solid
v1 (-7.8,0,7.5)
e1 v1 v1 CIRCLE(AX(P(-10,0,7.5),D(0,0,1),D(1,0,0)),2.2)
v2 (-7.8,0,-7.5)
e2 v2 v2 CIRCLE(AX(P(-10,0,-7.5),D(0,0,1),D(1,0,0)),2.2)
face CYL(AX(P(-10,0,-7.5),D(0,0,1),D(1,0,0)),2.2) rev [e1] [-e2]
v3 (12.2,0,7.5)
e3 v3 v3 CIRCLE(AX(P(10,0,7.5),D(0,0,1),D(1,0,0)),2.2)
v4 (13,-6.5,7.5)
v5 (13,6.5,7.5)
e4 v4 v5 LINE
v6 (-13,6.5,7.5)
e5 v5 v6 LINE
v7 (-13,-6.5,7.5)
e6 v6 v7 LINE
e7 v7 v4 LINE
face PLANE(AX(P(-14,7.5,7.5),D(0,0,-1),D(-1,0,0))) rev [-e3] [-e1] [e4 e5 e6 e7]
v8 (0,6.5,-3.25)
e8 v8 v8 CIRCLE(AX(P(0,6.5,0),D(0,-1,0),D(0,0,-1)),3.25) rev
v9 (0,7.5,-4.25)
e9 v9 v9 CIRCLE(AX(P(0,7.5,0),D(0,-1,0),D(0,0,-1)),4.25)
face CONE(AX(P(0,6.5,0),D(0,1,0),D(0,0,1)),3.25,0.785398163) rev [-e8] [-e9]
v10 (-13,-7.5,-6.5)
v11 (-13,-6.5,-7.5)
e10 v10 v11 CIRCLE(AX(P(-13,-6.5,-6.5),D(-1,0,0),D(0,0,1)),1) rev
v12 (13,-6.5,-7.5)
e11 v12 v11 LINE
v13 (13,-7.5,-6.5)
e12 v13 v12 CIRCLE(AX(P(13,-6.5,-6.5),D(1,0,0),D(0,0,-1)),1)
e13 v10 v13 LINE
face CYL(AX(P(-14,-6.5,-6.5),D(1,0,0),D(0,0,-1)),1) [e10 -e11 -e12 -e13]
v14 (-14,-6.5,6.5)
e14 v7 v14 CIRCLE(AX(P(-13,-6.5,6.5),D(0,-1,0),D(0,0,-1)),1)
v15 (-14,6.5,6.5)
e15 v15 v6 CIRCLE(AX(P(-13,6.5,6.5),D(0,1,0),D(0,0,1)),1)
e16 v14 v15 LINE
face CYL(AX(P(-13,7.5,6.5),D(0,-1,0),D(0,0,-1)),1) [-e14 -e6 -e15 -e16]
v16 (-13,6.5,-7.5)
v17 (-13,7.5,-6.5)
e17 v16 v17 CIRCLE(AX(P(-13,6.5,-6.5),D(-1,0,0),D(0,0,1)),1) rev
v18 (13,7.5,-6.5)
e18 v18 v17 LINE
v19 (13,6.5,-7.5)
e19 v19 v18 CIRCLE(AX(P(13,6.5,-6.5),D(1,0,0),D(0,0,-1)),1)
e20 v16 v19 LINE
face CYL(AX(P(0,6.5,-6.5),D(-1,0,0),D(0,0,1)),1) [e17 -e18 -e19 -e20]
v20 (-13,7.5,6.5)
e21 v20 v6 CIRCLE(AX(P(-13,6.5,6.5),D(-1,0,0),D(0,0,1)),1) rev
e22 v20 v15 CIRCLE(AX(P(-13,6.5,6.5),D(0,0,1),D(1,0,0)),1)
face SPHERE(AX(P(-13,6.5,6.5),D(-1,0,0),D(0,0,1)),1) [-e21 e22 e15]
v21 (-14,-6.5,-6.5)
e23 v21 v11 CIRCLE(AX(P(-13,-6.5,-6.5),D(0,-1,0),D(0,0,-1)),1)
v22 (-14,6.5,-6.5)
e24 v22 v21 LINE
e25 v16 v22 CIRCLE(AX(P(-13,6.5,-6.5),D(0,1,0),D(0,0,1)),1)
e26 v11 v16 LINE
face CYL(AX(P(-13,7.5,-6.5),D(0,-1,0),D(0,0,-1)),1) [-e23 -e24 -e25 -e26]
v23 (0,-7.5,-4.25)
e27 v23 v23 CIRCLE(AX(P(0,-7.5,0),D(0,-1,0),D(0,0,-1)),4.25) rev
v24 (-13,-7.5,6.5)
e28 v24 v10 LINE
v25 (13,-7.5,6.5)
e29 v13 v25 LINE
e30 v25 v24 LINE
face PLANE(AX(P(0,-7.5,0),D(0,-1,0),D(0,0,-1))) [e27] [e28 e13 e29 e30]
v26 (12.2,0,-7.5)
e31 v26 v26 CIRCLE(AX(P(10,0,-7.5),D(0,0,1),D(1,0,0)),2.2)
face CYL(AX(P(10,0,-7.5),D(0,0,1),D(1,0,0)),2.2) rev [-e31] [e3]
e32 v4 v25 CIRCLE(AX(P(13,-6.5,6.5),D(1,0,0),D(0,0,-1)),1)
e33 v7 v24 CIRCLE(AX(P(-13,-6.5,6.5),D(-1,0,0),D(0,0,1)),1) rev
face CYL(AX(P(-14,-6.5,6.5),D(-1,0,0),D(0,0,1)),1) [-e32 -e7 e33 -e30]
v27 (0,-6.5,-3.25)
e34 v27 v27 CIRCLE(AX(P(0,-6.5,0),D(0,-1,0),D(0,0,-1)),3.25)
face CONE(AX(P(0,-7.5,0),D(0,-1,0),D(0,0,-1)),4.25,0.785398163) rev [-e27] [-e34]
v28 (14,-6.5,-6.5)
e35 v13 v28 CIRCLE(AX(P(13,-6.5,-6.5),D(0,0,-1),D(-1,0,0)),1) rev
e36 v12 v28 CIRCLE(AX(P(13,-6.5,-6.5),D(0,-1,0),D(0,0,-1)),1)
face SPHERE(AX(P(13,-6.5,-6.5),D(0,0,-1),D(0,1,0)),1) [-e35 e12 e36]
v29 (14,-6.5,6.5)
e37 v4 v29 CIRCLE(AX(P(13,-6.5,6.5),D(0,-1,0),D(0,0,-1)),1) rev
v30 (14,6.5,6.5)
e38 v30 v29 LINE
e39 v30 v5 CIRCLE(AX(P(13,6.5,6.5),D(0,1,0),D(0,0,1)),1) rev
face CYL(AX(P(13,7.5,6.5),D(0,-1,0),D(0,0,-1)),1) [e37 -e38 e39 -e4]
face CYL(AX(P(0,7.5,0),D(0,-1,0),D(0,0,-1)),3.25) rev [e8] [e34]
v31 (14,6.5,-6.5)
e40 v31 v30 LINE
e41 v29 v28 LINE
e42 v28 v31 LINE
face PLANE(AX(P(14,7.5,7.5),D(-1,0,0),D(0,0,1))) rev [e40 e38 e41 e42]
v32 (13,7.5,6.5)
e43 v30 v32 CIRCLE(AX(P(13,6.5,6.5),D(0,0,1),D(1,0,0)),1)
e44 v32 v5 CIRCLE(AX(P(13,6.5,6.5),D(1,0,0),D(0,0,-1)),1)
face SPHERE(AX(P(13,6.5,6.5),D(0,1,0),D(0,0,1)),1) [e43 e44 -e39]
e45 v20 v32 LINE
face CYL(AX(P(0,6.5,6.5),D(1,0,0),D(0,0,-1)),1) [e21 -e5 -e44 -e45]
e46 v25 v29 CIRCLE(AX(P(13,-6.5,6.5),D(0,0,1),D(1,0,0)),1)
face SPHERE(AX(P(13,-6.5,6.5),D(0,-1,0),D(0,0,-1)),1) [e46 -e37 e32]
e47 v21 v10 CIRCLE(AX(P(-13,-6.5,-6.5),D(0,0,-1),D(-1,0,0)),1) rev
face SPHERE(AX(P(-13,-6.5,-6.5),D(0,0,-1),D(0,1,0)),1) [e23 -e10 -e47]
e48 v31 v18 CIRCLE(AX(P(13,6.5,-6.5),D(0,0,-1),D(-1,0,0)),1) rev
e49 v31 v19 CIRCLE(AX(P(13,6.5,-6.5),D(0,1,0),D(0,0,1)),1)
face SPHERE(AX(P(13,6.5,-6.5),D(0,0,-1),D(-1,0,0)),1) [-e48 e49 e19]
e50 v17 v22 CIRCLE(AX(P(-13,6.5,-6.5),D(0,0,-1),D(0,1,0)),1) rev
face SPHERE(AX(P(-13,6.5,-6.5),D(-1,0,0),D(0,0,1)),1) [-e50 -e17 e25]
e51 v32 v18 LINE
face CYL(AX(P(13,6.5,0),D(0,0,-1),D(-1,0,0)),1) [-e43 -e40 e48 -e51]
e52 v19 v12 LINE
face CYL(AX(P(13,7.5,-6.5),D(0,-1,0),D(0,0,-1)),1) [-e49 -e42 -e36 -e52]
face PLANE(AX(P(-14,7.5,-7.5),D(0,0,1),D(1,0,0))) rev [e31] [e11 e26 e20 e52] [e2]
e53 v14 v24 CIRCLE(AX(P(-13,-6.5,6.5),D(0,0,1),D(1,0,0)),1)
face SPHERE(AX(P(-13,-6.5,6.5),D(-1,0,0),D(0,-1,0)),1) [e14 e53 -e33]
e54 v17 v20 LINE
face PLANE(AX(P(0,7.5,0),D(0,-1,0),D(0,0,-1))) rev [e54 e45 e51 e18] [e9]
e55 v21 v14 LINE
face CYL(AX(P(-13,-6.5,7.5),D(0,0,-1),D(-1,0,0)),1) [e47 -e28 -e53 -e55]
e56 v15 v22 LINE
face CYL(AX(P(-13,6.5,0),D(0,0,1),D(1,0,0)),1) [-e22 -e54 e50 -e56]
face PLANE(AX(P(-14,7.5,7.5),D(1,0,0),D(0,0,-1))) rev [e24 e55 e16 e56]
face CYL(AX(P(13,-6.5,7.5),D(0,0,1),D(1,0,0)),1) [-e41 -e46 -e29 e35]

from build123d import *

# Parameters (mm, degrees)
SKETCH_1_W          = 28
SKETCH_1_H          = 15
SKETCH_1_R          = 3.25
EXTRUDE_1_DEPTH     = 7.5
SKETCH_2_R          = 2.2
CUT_EXTRUDE_1_DEPTH = 15
FILLET_1_R          = 1
CHAMFER_1_SIZE      = 1


with BuildPart() as part:
    # 草图1 → 凸台-拉伸1 (new, symmetric)
    with BuildSketch(Plane(origin=(0, 0, 0), x_dir=(1, 0, 0), z_dir=(0, 1, 0))):
        Rectangle(SKETCH_1_W, SKETCH_1_H)
        with Locations(Location((0, 0, 0), (0, 0, 270))):
            Circle(SKETCH_1_R, mode=Mode.SUBTRACT)
    extrude(amount=EXTRUDE_1_DEPTH, both=True)

    # 草图2 → 切除-拉伸1 (cut)
    with BuildSketch(Plane.XY.offset(7.5)):
        with Locations((-10, 0)):
            Circle(SKETCH_2_R)
        with Locations((10, 0)):
            Circle(SKETCH_2_R)
    extrude(amount=-CUT_EXTRUDE_1_DEPTH, mode=Mode.SUBTRACT)

    # 圆角1
    fillet_1_edges = [part.edges().sort_by_distance(p)[0] for p in [
        (-14, 7.5, 0),
        (0, 7.5, 7.5),
        (14, 7.5, 0),
        (0, -7.5, 7.5),
        (-14, -7.5, 0),
        (0, -7.5, -7.5),
        (14, -7.5, 0),
        (14, 0, 7.5),
        (-14, 0, 7.5),
        (-14, 0, -7.5),
        (14, 0, -7.5),
        (0, 7.5, -7.5),
    ]]
    fillet(fillet_1_edges, radius=FILLET_1_R)

    # 倒角1
    chamfer_1_edges = [part.edges().sort_by_distance(p)[0] for p in [
        (0, -7.5, -3.25),
        (0, 7.5, -3.25),
    ]]
    chamfer(chamfer_1_edges, length=CHAMFER_1_SIZE)


solid = part.part
